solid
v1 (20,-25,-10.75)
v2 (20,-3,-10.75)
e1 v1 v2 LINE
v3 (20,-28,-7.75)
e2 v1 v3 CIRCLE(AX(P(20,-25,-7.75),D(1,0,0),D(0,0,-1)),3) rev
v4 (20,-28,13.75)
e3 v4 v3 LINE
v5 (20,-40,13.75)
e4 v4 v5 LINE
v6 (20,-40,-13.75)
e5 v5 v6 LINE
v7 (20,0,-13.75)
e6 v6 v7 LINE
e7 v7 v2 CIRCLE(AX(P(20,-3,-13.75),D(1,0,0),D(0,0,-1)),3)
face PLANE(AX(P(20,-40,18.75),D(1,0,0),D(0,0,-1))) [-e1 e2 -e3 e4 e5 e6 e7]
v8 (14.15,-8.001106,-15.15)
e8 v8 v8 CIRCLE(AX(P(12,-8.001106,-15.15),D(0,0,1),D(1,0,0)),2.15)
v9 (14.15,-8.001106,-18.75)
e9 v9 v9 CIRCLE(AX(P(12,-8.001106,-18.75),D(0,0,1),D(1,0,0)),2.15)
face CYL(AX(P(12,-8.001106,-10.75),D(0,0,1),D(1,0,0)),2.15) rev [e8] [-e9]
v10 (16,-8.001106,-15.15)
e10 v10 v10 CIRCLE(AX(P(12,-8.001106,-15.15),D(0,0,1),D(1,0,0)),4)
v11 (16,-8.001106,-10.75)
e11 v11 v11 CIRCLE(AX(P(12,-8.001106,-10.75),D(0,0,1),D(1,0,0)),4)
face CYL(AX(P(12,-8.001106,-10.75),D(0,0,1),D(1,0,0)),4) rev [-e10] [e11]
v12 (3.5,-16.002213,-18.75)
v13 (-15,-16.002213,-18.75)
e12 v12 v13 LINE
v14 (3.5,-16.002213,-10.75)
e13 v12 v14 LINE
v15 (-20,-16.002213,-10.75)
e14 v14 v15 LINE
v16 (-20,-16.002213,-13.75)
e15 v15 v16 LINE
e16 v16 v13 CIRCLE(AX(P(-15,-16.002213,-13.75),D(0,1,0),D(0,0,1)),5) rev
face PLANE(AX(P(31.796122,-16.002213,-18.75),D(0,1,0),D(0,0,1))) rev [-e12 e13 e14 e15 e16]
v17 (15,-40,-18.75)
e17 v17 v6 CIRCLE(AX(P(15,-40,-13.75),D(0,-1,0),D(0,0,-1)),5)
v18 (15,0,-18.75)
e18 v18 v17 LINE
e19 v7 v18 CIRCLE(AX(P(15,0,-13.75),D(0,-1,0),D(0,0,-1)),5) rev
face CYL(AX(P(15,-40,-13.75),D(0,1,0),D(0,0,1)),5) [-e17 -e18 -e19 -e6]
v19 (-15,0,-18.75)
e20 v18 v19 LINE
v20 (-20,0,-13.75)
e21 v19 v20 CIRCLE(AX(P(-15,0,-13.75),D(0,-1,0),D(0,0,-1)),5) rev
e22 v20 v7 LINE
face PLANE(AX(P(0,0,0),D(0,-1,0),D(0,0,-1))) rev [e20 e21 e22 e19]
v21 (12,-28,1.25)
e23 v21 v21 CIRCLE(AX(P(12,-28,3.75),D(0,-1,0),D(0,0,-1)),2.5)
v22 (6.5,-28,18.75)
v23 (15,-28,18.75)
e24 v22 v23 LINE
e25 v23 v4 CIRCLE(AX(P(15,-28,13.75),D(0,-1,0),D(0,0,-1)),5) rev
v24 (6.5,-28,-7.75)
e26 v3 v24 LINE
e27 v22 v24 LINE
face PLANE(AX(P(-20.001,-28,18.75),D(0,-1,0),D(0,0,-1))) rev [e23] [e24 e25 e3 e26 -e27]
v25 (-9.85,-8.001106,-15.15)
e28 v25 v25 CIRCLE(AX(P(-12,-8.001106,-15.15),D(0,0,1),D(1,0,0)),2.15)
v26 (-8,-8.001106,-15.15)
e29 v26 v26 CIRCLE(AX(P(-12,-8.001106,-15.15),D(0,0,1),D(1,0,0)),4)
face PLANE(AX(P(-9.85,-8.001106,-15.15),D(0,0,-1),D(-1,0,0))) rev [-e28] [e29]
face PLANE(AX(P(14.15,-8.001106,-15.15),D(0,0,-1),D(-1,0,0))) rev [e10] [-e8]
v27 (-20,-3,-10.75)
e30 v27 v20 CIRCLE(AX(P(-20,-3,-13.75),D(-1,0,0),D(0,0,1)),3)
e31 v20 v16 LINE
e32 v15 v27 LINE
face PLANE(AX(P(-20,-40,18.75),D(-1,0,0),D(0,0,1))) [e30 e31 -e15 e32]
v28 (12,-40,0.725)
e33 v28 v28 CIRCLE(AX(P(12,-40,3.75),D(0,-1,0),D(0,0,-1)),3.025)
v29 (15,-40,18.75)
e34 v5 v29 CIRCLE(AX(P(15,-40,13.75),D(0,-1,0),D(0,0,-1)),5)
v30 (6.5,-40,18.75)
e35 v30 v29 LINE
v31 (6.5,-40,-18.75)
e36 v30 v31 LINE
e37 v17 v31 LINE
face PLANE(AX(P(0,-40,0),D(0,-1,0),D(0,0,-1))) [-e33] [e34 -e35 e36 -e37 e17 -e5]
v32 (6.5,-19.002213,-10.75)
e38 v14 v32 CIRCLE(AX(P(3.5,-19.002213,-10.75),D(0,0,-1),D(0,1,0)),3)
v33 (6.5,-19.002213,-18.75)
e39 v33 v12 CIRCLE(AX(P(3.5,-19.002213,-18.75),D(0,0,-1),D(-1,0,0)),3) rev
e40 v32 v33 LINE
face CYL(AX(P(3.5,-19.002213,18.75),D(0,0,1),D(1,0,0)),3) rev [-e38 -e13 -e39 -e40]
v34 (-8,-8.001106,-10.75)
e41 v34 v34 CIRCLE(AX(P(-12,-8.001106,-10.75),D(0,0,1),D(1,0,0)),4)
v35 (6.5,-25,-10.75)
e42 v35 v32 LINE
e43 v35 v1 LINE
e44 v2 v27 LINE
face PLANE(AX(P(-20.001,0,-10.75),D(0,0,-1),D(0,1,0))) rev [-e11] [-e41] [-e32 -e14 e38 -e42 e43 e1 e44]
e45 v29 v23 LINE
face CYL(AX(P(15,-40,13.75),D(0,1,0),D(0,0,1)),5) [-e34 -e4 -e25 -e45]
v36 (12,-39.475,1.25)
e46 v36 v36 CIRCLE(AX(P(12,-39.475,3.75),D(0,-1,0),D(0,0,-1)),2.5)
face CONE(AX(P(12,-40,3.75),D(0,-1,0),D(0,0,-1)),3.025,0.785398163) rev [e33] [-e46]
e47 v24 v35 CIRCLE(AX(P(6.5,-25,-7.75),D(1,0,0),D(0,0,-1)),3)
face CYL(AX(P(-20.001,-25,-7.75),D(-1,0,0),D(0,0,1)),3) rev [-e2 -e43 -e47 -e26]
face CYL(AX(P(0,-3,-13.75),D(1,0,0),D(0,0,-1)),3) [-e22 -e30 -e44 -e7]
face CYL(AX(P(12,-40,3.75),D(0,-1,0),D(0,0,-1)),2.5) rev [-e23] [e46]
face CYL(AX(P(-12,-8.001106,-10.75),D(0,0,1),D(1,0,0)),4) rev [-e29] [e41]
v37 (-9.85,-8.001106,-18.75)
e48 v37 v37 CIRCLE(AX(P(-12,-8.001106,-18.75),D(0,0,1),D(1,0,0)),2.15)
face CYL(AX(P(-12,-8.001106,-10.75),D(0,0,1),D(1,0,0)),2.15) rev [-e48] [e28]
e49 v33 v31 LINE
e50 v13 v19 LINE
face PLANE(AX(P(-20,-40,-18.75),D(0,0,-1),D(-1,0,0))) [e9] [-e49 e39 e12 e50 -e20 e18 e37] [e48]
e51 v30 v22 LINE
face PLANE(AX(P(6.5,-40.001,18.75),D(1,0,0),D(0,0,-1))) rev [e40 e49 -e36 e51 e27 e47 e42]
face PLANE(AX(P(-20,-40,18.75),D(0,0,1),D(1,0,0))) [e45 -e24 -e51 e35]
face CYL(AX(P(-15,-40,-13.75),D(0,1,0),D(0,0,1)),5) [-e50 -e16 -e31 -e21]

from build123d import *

# Parameters (mm, degrees)
SKETCH1_W                                           = 40
SKETCH1_H                                           = 37.5
BOSS_EXTRUDE1_DEPTH                                 = 40
CUT_EXTRUDE1_REACH                                  = 61.595
SKETCH2_W                                           = 29.5
SKETCH2_H                                           = 28
FILLET1_R                                           = 3
M6_TAPPED_HOLE1_D                                   = 5
M6_TAPPED_HOLE1_CSINK_D                             = 6.05
M6_TAPPED_HOLE1_CSINK_ANGLE                         = 90
FILLET2_R                                           = 5
CUT_EXTRUDE2_REACH                                  = 50.493
SKETCH7_W                                           = 13
SKETCH7_H                                           = 29.5
CUT_EXTRUDE3_REACH                                  = 50.493
SKETCH8_W                                           = 29.5
SKETCH8_H                                           = 37
CUT_EXTRUDE4_REACH                                  = 61.595
SKETCH9_W                                           = 8
SKETCH9_H                                           = 23.997787144
FILLET5_R                                           = 3
CBORE_FOR_M4_HEX_SOCKET_HEAD_CAP_SCREW1_D           = 4.3
CBORE_FOR_M4_HEX_SOCKET_HEAD_CAP_SCREW1_CBORE_D     = 8
CBORE_FOR_M4_HEX_SOCKET_HEAD_CAP_SCREW1_CBORE_DEPTH = 4.4


with BuildPart() as part:
    # Sketch1 → Boss-Extrude1 (new body)
    with BuildSketch(Plane(origin=(0, 0, 0), x_dir=(1, 0, 0), z_dir=(0, 1, 0))):
        Rectangle(SKETCH1_W, SKETCH1_H)
    extrude(amount=-BOSS_EXTRUDE1_DEPTH)

    # Sketch2 → Cut-Extrude1 (cut, up to next)
    with BuildSketch(Plane(origin=(20, 0, 0), x_dir=(0, 0, -1), z_dir=(1, 0, 0)), mode=Mode.PRIVATE) as cut_extrude1_sk1:
        with Locations((-4, -14)):
            Rectangle(SKETCH2_W, SKETCH2_H)
    cut_extrude1_tool1 = extrude(cut_extrude1_sk1.sketch, amount=-CUT_EXTRUDE1_REACH, mode=Mode.PRIVATE) & part.part
    add(cut_extrude1_tool1.solids().sort_by_distance((20, -14, 4))[0], mode=Mode.SUBTRACT)

    # Fillet1
    fillet1_edges = [part.edges().sort_by_distance(p)[0] for p in [
        (0, 0, -10.75),
        (0, -28, -10.75),
    ]]
    fillet(fillet1_edges, radius=FILLET1_R)

    # M6 Tapped Hole1 (through all)
    with Locations(Plane(origin=(0, -40, 0), x_dir=(-1, 0, 0), z_dir=(0, -1, 0))):
        with Locations((-12, -3.75)):
            CounterSinkHole(M6_TAPPED_HOLE1_D / 2, M6_TAPPED_HOLE1_CSINK_D / 2, counter_sink_angle=M6_TAPPED_HOLE1_CSINK_ANGLE)

    # Fillet2
    fillet2_edges = [part.edges().sort_by_distance(p)[0] for p in [
        (20, -20, -18.75),
        (20, -34, 18.75),
        (-20, -34, 18.75),
        (-20, -20, -18.75),
    ]]
    fillet(fillet2_edges, radius=FILLET2_R)

    # Sketch7 → Cut-Extrude2 (cut, up to next)
    with BuildSketch(Plane(origin=(0, 0, 0), x_dir=(1, 0, 0), z_dir=(0, 1, 0)), mode=Mode.PRIVATE) as cut_extrude2_sk1:
        with Locations((0, -4)):
            Rectangle(SKETCH7_W, SKETCH7_H)
    cut_extrude2_tool1 = extrude(cut_extrude2_sk1.sketch, amount=-CUT_EXTRUDE2_REACH, mode=Mode.PRIVATE) & part.part
    add(cut_extrude2_tool1.solids().sort_by_distance((0, 0, 4))[0], mode=Mode.SUBTRACT)

    # Sketch8 → Cut-Extrude3 (cut, up to next)
    with BuildSketch(Plane(origin=(0, 0, 0), x_dir=(0, 0, -1), z_dir=(1, 0, 0)), mode=Mode.PRIVATE) as cut_extrude3_sk1:
        with Locations((-4, -21.5)):
            Rectangle(SKETCH8_W, SKETCH8_H)
    cut_extrude3_tool1 = extrude(cut_extrude3_sk1.sketch, amount=-CUT_EXTRUDE3_REACH, mode=Mode.PRIVATE) & part.part
    add(cut_extrude3_tool1.solids().sort_by_distance((0, -21.5, 4))[0], mode=Mode.SUBTRACT)

    # Cut-Extrude4: up to this face of the body (flat: up to its plane)
    cut_extrude4_end = Plane(part.part.faces().sort_by_distance((6.5, -33.963805531, 3.923597235))[0])
    # Sketch9 → Cut-Extrude4 (cut, up to the picked face)
    with BuildSketch(Plane.ZY.offset(20), mode=Mode.PRIVATE) as cut_extrude4_sk1:
        with Locations((-14.75, -28.001106428)):
            Rectangle(SKETCH9_W, SKETCH9_H)
    cut_extrude4_tool1 = split(extrude(cut_extrude4_sk1.sketch, amount=-CUT_EXTRUDE4_REACH, mode=Mode.PRIVATE), bisect_by=cut_extrude4_end, keep=Keep.BOTH, mode=Mode.PRIVATE)
    add(cut_extrude4_tool1.solids().sort_by(Axis((-20, -28.001106, -14.75), (1, 0, 0)))[0], mode=Mode.SUBTRACT)

    # Fillet5
    fillet5_edges = [part.edges().sort_by_distance(p)[0] for p in [
        (6.5, -16.002212856, -14.75),
    ]]
    fillet(fillet5_edges, radius=FILLET5_R)

    # CBORE for M4 Hex Socket Head Cap Screw1 (through all)
    with Locations(Plane.XY.offset(-10.75)):
        with Locations((-12, -8.001106428), (12, -8.001106428)):
            CounterBoreHole(CBORE_FOR_M4_HEX_SOCKET_HEAD_CAP_SCREW1_D / 2, CBORE_FOR_M4_HEX_SOCKET_HEAD_CAP_SCREW1_CBORE_D / 2, CBORE_FOR_M4_HEX_SOCKET_HEAD_CAP_SCREW1_CBORE_DEPTH)


solid = part.part
